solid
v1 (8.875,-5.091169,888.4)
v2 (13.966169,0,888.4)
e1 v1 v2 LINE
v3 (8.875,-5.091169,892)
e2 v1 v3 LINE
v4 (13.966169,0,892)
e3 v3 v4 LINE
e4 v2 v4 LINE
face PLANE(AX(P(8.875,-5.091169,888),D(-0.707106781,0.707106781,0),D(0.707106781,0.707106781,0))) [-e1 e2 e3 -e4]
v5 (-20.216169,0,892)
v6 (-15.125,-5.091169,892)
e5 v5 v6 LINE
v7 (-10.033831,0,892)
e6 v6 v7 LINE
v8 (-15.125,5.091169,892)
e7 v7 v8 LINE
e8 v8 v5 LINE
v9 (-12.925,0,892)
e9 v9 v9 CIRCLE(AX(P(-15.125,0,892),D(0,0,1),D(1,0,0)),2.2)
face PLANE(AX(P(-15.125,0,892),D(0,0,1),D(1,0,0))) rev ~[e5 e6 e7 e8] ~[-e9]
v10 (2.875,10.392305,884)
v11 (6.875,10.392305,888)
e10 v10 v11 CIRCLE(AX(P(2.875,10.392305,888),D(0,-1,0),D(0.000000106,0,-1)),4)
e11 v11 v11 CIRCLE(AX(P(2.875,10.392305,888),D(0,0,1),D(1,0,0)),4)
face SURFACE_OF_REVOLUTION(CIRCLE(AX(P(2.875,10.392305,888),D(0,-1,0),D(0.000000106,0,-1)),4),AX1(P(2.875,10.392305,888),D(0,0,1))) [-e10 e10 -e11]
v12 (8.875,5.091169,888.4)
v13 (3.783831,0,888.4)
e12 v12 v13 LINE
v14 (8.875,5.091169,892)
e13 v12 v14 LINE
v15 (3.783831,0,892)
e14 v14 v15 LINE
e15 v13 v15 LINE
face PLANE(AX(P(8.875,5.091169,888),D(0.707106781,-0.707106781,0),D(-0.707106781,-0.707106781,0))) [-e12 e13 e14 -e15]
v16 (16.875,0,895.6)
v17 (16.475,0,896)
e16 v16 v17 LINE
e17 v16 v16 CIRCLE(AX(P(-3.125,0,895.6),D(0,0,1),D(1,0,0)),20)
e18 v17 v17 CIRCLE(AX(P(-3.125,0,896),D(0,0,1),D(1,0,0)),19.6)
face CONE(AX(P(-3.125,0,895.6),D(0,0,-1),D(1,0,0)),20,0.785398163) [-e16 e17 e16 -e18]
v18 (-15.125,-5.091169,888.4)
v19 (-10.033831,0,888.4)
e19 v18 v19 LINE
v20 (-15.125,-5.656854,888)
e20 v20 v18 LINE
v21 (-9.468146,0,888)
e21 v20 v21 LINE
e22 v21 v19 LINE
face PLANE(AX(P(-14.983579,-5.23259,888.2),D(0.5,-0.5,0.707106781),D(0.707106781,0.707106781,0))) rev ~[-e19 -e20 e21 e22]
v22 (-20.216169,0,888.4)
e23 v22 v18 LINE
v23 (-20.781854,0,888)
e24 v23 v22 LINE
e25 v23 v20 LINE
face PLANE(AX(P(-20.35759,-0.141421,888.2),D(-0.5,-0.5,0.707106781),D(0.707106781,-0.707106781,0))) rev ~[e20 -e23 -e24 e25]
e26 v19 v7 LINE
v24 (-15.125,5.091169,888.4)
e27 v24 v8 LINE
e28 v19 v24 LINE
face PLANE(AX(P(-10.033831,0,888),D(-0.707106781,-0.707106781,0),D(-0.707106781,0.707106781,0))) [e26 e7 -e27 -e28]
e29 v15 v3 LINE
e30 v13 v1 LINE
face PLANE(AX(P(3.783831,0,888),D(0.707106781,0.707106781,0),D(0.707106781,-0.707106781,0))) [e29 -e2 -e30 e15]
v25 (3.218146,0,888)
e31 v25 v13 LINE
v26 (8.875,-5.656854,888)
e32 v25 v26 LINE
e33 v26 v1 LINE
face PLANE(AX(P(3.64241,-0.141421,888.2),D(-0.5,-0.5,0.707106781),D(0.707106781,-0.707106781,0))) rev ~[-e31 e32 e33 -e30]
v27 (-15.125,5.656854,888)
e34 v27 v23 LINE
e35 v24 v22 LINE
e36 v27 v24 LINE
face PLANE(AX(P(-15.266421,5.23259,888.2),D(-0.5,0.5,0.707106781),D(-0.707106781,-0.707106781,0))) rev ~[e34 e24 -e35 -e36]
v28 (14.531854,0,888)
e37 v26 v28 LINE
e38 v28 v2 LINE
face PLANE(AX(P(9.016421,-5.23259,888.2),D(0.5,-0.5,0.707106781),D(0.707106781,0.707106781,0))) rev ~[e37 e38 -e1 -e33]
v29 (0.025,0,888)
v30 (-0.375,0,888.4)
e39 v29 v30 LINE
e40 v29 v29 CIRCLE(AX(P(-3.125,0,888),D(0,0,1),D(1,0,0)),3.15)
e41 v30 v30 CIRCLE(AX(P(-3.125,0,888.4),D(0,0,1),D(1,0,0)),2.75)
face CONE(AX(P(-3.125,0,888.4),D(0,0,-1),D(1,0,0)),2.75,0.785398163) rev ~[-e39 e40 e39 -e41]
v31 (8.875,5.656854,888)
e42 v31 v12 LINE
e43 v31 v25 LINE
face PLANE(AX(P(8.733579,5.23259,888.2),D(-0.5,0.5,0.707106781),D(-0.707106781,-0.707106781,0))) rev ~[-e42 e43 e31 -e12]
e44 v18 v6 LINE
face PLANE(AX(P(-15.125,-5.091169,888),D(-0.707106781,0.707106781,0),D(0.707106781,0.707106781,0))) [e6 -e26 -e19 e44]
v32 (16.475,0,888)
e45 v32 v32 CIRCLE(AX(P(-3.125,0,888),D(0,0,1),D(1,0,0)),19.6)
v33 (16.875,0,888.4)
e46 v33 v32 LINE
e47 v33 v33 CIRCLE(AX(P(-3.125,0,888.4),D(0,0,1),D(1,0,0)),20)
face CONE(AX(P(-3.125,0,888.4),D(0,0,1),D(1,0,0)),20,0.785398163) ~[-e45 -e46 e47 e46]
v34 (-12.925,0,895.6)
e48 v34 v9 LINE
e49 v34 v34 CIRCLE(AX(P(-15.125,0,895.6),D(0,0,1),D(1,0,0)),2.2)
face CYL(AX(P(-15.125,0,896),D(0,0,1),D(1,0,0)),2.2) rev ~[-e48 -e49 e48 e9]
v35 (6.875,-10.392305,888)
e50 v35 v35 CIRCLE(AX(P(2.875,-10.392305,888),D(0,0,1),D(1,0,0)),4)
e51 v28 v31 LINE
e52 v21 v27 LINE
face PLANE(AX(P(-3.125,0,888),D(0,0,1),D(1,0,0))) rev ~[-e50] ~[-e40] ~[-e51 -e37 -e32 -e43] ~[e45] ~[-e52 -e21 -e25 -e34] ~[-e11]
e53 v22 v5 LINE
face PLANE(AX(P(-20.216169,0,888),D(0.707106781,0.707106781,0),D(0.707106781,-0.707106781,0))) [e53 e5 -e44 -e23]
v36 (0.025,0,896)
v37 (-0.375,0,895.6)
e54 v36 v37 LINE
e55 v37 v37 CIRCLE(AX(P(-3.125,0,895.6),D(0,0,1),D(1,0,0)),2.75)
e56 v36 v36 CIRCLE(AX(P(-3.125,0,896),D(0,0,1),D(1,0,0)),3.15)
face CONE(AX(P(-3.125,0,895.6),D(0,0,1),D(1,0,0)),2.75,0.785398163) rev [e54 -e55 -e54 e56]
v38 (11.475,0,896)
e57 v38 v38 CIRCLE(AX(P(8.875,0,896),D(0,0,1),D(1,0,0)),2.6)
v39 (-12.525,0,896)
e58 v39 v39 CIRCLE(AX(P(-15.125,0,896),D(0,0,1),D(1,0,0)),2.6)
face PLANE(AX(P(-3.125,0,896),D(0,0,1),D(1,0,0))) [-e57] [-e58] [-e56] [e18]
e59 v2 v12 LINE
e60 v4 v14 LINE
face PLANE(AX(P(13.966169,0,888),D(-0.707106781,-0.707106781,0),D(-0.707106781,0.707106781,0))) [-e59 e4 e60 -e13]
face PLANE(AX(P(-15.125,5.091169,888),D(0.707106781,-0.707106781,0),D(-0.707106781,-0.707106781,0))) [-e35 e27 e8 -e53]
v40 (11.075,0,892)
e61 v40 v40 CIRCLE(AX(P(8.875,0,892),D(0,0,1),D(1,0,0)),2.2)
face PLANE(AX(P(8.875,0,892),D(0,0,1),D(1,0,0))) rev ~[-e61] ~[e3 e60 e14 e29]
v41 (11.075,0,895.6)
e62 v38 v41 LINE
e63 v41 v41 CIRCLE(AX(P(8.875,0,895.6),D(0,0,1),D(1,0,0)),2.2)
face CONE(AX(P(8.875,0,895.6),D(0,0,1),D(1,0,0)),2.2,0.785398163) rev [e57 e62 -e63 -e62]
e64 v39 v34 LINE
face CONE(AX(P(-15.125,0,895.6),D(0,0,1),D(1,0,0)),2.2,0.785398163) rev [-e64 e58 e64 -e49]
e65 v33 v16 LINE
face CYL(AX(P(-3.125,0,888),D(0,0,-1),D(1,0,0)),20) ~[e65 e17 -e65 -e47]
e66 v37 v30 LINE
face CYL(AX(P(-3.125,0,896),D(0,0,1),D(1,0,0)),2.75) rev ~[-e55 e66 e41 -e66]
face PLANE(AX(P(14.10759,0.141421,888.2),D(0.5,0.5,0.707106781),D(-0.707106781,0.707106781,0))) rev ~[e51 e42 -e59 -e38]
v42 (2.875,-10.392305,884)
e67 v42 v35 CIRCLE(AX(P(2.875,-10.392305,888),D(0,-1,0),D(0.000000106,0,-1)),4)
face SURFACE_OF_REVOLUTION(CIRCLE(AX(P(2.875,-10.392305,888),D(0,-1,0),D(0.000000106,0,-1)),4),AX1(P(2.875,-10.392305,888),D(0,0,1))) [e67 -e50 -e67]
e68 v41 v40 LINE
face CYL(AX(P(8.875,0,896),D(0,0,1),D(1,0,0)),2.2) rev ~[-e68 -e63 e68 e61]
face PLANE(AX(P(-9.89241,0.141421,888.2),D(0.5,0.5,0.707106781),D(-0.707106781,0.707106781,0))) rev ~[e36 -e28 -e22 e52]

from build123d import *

# Parameters (mm, degrees)
CYLINDER005_R     = 20
CYLINDER005_DEPTH = 8
SKETCH006_R       = 2.2
SKETCH006_R_2     = 2.75
POCKET004_DEPTH   = 12.001
POCKET005_DEPTH   = 4
CHAMFER005_SIZE   = 0.4


with BuildPart() as part:
    # Cylinder005 → Cylinder005 (join)
    with BuildSketch(Plane.XY):
        Circle(CYLINDER005_R)
    extrude(amount=CYLINDER005_DEPTH)

    # Sphere → Sphere (revolve)
    with BuildSketch(Plane(origin=(6, 10.392305, 0), x_dir=(1, 0, 0), z_dir=(0, -1, 0))):
        with BuildLine():
            ThreePointArc((0, -4), (2.828427, -2.828427), (4, 0))
            Line((4, 0), (0, 0))
            Line((0, 0), (0, -4))
        make_face()
    revolve(axis=Axis((6, 10.392305, 0), (0, 0, 1)))

    # Sphere001 → Sphere001 (revolve)
    with BuildSketch(Plane(origin=(6, -10.392305, 0), x_dir=(1, 0, 0), z_dir=(0, -1, 0))):
        with BuildLine():
            ThreePointArc((0, -4), (2.828427, -2.828427), (4, 0))
            Line((4, 0), (0, 0))
            Line((0, 0), (0, -4))
        make_face()
    revolve(axis=Axis((6, -10.392305, 0), (0, 0, 1)))

    # Sketch006 (on DatumPlane) → Pocket004 (cut, through all)
    with BuildSketch(Plane.XY.offset(8)):
        with Locations((-12, 0)):
            Circle(SKETCH006_R)
        with Locations((12, 0)):
            Circle(SKETCH006_R)
        Circle(SKETCH006_R_2)
    extrude(amount=-POCKET004_DEPTH, mode=Mode.SUBTRACT)

    # Sketch063 (on DatumPlane) → Pocket005 (cut)
    with BuildSketch(Plane.XY):
        Polygon((-17.091169, 0), (-12, -5.091169), (-6.908831, 0), (-12, 5.091169), align=None)
        Polygon((17.091169, 0), (12, 5.091169), (6.908831, 0), (12, -5.091169), align=None)
    extrude(amount=POCKET005_DEPTH, mode=Mode.SUBTRACT)

    # Chamfer005
    chamfer005_edges = [part.edges().sort_by_distance(p)[0] for p in [
        (-20, 0, 8),
        (-14.2, 0, 8),
        (-2.75, 0, 8),
        (9.8, 0, 8),
        (-20, 0, 0),
        (-2.75, 0, 0),
        (9.454416, 2.545584, 0),
        (9.454416, -2.545584, 0),
        (14.545584, -2.545584, 0),
        (14.545584, 2.545584, 0),
        (-9.454416, 2.545584, 0),
        (-14.545584, 2.545584, 0),
        (-14.545584, -2.545584, 0),
        (-9.454416, -2.545584, 0),
    ]]
    chamfer(chamfer005_edges, length=CHAMFER005_SIZE)


with BuildPart() as part_1:
    # Body022003 placement: moved
    add(part.part.moved(Location((-3.125, 0, 888))))


solid = part_1.part
